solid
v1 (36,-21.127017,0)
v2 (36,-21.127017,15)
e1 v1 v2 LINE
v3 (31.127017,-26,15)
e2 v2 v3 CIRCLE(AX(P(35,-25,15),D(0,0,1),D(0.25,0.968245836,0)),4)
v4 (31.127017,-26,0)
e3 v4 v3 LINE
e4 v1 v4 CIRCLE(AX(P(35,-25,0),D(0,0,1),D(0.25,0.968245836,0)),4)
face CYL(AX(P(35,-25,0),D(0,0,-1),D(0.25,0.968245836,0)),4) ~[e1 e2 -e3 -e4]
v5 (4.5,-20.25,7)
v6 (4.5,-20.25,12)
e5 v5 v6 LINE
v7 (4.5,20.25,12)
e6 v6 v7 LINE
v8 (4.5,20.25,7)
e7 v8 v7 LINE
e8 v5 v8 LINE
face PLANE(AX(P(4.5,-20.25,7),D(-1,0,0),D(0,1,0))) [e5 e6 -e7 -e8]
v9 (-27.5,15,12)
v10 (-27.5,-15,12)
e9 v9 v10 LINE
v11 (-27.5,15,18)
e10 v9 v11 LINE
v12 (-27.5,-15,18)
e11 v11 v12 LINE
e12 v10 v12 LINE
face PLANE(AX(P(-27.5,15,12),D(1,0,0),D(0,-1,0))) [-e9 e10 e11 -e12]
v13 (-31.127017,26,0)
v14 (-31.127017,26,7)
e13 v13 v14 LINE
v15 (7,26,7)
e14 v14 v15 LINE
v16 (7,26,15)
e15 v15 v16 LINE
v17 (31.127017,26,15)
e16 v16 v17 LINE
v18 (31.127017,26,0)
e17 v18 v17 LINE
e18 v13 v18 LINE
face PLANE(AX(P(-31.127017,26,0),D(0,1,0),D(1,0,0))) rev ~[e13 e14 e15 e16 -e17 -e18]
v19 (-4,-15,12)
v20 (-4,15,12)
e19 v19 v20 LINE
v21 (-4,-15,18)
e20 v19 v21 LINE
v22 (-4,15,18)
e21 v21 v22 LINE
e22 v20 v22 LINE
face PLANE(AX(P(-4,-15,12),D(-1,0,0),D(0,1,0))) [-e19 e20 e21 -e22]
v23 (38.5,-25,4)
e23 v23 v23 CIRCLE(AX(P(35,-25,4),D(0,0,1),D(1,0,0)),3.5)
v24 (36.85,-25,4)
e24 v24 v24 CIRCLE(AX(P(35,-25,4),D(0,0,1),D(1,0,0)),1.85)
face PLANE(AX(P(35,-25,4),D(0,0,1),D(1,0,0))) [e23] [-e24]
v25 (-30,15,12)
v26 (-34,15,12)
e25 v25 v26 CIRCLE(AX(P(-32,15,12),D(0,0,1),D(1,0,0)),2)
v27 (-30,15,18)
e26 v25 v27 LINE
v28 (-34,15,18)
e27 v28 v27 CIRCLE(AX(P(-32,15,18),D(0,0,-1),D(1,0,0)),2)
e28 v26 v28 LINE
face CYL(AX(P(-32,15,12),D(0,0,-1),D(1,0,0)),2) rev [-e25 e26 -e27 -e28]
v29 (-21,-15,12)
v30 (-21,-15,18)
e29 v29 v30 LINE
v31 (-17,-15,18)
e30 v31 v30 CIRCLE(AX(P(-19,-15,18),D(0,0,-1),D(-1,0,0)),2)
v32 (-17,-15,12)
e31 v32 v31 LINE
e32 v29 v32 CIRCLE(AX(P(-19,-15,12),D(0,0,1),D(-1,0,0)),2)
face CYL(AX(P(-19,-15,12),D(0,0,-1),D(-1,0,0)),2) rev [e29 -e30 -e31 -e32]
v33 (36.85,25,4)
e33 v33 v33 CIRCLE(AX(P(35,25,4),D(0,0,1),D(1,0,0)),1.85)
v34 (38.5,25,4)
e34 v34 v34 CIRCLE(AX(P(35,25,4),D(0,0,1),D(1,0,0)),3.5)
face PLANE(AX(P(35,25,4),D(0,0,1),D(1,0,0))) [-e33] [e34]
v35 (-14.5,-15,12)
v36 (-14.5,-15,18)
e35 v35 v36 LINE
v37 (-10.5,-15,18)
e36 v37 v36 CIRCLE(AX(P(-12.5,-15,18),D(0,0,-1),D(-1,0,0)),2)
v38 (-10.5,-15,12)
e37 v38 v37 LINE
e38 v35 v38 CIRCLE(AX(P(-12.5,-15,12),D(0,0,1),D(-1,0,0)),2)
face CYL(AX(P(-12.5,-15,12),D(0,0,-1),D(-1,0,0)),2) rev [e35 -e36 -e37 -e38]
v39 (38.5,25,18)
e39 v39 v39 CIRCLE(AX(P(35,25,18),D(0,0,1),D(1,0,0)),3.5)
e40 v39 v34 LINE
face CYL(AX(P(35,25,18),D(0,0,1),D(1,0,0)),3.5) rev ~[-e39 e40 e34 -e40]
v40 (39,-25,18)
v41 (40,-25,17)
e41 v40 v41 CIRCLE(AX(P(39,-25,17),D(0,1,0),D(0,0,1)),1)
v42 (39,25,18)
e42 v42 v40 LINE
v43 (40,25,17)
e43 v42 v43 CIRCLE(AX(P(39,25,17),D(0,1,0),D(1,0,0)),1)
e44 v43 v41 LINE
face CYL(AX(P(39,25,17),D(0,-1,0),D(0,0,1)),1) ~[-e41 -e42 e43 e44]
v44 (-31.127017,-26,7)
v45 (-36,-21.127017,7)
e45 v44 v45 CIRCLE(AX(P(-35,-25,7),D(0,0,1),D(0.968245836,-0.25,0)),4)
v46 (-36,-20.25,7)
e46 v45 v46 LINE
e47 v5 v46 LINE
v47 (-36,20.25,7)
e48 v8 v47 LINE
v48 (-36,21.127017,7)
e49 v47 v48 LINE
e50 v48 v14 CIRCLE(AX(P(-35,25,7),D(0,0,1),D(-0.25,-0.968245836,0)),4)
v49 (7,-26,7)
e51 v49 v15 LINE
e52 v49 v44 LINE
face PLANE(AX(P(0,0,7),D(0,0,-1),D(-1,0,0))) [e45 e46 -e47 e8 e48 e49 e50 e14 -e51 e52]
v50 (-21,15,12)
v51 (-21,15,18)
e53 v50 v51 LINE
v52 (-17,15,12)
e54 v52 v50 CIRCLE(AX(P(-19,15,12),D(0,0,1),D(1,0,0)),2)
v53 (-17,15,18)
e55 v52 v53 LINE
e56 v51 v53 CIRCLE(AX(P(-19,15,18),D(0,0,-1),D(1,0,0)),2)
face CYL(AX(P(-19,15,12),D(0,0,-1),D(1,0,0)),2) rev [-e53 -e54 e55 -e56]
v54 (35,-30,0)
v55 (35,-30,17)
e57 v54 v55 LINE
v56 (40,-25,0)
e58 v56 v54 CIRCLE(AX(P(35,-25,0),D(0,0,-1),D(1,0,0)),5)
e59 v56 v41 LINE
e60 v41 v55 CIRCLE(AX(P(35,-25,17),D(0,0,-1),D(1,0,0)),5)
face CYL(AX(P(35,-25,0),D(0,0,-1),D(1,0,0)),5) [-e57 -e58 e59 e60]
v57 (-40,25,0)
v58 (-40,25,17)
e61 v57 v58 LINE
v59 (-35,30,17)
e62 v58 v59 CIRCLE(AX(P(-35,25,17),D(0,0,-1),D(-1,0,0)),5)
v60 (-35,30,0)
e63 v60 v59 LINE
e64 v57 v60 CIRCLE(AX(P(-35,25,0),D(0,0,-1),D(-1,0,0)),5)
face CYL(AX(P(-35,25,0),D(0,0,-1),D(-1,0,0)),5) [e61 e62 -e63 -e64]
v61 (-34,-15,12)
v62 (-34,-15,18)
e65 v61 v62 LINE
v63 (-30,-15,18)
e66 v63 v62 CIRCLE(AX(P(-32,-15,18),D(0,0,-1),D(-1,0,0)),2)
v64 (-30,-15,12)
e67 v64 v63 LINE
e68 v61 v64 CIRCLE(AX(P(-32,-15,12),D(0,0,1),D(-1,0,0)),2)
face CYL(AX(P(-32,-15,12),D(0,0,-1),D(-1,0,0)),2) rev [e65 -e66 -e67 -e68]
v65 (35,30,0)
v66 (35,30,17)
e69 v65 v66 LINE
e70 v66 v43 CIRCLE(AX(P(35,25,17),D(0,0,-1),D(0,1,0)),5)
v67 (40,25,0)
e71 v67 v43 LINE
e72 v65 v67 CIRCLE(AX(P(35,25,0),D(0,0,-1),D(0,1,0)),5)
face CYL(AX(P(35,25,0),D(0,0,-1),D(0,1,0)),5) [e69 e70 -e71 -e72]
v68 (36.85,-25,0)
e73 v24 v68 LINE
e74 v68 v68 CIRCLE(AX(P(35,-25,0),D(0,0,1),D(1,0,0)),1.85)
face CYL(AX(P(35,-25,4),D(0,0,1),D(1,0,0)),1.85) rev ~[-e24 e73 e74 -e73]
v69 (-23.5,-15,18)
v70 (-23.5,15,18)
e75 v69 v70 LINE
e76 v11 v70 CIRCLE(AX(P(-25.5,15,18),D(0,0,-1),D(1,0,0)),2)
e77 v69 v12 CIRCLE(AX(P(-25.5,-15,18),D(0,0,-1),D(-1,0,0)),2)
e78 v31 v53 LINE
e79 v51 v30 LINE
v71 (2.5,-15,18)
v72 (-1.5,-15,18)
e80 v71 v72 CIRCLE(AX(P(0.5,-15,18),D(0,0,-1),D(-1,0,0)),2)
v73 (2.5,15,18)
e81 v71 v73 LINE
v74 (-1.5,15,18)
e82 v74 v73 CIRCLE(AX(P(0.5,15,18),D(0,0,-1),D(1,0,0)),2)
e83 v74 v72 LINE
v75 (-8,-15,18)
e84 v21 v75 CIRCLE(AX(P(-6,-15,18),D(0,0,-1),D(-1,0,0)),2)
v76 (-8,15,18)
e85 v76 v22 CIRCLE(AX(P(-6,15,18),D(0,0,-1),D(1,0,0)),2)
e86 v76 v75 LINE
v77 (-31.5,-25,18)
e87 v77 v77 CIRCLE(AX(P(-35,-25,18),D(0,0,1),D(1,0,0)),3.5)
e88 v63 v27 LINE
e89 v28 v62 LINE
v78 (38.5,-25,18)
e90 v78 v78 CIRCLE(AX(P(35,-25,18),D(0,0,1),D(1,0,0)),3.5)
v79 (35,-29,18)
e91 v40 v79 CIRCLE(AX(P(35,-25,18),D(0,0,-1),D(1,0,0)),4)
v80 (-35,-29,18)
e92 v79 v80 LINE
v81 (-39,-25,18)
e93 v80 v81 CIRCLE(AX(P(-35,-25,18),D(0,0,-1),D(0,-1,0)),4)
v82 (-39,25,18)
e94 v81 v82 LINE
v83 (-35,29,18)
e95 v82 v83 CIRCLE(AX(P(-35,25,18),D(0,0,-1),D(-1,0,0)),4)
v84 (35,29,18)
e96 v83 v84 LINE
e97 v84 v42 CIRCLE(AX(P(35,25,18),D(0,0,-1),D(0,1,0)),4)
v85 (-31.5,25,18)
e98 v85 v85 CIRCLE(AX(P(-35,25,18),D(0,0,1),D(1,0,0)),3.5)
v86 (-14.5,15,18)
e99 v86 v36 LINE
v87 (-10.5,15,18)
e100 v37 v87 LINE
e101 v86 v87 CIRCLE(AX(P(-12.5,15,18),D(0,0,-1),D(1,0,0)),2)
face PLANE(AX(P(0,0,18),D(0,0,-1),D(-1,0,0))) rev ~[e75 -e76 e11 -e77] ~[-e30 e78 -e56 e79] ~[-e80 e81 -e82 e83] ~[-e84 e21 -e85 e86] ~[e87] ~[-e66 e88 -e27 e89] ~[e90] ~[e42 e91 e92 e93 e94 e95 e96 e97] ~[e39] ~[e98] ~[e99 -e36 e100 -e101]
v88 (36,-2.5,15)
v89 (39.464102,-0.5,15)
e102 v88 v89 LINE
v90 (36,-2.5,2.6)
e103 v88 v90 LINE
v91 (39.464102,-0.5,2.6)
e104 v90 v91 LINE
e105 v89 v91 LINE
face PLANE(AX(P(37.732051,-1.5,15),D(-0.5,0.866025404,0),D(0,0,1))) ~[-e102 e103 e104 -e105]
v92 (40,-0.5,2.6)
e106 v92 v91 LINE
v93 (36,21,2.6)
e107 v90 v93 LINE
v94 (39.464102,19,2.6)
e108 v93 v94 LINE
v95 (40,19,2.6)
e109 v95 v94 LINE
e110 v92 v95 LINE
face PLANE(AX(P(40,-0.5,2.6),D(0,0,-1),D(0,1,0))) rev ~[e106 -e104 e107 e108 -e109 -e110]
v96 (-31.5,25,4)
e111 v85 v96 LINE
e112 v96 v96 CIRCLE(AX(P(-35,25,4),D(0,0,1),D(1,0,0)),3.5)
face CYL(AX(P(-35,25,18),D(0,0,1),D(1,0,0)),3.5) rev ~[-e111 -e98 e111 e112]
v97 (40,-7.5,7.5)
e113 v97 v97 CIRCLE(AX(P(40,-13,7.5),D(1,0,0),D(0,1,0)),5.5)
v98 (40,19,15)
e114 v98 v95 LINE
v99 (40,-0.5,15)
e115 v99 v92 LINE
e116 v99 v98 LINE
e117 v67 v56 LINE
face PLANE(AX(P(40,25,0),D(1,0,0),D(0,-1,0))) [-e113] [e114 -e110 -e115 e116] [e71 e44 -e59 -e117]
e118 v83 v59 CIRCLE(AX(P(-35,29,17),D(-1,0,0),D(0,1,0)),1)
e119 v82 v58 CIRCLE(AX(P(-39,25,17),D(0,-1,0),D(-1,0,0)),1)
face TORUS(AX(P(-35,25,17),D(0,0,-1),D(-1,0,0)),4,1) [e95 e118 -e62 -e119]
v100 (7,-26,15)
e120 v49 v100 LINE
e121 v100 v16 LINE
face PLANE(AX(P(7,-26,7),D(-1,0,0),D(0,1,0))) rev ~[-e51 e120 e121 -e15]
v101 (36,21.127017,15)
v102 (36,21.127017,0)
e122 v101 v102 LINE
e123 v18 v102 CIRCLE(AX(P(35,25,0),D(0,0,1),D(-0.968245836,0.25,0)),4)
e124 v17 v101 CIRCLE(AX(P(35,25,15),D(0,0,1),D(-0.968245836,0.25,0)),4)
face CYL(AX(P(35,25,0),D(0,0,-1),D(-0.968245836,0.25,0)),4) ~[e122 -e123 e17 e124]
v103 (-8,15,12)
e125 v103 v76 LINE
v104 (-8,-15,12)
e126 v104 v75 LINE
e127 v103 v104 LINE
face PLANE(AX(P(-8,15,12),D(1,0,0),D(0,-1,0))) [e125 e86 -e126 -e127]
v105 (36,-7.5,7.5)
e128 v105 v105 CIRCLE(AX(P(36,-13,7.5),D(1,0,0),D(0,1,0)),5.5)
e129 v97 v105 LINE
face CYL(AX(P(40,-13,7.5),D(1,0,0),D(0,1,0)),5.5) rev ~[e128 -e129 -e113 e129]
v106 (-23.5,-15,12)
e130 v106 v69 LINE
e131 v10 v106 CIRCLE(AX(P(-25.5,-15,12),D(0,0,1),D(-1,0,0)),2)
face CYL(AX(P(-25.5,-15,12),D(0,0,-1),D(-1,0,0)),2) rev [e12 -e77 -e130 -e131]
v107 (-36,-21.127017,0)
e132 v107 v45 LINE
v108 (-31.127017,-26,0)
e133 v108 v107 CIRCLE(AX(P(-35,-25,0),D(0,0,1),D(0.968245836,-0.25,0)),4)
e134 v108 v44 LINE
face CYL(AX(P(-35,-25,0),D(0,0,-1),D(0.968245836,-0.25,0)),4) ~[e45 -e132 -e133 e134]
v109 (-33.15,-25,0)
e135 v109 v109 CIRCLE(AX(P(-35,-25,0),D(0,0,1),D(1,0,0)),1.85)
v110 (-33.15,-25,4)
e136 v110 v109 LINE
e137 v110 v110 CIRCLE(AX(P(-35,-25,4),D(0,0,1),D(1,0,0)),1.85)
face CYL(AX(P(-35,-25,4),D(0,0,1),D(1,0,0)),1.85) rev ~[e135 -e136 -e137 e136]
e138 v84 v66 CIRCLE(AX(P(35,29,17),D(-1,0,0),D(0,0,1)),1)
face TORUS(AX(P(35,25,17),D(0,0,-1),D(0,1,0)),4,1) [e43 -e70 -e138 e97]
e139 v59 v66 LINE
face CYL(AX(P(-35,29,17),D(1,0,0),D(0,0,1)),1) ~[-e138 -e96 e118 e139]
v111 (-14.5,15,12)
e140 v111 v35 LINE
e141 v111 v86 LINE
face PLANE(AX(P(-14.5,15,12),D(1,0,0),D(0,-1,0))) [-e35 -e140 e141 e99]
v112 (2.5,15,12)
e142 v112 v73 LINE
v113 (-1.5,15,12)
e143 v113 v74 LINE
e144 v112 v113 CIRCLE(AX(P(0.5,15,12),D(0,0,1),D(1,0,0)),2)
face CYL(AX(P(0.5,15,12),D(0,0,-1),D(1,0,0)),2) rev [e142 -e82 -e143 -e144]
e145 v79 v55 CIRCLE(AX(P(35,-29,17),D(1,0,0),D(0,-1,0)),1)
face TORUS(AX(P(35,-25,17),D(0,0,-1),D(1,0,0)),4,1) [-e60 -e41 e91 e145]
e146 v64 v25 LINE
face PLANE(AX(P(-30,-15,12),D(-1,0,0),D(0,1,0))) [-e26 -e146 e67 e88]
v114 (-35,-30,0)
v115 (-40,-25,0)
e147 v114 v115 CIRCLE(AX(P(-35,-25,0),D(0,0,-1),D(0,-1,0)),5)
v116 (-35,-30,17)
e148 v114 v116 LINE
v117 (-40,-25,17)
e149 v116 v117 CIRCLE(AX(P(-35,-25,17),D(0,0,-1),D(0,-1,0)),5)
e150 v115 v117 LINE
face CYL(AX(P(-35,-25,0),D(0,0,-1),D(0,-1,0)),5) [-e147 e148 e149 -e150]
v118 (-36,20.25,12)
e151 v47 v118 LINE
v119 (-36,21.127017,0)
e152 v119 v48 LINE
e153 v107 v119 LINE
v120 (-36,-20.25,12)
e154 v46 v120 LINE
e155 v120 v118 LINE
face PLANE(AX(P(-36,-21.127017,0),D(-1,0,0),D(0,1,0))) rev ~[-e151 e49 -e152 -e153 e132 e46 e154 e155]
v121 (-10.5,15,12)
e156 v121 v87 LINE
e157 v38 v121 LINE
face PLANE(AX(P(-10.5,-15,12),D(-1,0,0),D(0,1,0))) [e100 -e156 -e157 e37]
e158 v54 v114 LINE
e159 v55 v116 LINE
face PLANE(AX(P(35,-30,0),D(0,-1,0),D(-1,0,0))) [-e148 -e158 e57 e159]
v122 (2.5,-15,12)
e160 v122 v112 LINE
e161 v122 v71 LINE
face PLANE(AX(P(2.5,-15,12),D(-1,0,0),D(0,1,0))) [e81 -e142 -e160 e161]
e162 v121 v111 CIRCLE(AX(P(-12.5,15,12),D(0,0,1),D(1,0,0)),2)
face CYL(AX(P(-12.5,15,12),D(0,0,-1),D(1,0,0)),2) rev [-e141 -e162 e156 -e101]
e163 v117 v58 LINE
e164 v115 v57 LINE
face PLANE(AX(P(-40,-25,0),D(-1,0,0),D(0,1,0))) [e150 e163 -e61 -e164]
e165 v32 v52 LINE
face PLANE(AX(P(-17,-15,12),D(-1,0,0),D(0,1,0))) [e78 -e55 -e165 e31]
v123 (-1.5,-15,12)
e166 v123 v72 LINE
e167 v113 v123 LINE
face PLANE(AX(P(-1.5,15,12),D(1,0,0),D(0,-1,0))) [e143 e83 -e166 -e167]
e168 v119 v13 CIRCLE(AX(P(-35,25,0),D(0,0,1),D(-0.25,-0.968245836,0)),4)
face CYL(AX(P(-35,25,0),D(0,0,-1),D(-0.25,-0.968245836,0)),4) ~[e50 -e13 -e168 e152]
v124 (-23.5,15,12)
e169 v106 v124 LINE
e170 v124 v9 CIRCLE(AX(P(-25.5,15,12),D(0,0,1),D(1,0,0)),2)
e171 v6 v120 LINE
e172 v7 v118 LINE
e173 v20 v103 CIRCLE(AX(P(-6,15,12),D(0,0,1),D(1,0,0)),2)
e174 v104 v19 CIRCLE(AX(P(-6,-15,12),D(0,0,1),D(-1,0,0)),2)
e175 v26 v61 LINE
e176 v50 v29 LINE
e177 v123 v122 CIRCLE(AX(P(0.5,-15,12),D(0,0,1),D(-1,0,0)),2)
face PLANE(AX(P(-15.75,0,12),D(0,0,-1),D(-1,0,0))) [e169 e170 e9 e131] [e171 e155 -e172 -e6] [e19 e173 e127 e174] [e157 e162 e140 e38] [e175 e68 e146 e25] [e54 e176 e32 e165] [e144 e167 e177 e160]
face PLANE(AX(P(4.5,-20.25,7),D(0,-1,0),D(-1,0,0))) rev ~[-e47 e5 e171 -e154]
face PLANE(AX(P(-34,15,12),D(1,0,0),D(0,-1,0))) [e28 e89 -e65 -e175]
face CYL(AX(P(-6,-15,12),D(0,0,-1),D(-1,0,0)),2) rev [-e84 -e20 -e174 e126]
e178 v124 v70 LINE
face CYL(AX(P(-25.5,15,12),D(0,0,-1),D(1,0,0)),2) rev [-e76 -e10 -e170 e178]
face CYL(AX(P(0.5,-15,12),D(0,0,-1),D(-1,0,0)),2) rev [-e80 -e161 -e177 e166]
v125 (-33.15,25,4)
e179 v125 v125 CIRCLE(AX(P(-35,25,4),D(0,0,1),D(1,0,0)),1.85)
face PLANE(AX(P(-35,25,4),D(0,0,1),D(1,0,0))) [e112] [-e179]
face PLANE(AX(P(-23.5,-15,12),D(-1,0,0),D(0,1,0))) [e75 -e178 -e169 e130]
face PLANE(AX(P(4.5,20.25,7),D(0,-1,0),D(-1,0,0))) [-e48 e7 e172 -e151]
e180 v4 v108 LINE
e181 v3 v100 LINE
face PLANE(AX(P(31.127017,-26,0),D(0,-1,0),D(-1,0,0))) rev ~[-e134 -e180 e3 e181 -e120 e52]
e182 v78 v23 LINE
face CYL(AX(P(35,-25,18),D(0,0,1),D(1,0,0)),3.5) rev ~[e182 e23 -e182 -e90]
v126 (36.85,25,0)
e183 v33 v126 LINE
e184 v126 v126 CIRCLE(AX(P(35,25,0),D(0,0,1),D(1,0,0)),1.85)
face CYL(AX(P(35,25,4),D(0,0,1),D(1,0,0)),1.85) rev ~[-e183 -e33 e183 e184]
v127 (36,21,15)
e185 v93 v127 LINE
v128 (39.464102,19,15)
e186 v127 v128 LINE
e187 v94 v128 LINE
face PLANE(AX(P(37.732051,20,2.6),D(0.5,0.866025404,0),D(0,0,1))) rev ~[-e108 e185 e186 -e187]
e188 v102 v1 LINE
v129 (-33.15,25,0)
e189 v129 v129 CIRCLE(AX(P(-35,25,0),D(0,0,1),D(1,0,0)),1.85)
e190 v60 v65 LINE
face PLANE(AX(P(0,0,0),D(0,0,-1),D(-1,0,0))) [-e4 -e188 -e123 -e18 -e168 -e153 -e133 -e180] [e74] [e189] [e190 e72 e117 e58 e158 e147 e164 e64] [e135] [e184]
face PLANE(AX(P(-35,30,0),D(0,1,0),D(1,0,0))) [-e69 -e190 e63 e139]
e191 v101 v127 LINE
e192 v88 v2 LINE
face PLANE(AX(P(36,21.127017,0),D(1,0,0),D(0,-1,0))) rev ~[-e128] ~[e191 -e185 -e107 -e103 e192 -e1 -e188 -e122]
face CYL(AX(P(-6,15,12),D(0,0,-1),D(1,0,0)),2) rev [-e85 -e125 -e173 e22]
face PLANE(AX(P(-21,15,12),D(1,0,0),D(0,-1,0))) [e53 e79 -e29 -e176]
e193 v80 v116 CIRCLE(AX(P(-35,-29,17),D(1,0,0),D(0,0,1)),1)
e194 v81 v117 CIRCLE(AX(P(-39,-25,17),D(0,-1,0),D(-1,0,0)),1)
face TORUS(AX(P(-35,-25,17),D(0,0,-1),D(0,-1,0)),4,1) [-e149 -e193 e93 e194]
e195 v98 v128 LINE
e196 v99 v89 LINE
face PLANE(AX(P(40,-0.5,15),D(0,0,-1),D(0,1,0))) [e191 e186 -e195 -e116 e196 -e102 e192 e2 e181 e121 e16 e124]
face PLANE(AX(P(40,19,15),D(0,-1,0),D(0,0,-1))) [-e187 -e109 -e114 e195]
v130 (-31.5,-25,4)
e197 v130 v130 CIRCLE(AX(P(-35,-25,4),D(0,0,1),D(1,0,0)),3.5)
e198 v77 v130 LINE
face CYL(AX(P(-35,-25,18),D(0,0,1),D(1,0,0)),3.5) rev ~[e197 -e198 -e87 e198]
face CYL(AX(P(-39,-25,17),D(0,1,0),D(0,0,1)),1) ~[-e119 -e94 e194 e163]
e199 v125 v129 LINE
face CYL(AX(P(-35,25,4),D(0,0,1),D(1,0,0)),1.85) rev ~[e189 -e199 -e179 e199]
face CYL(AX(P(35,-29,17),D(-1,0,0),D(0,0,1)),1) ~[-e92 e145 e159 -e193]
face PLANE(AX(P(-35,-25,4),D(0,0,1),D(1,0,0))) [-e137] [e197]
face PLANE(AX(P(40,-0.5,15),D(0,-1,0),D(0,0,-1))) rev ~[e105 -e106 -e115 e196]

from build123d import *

# Parameters (mm, degrees)
BOSS_EXTRUDE1_DEPTH = 18
CUT_EXTRUDE1_DEPTH  = 7
SKETCH3_R           = 5.5
SKETCH3_W           = 12.4
SKETCH3_H           = 19.5
CUT_EXTRUDE2_DEPTH  = 22
CUT_EXTRUDE3_DEPTH  = 8
FILLET1_R           = 1
SKETCH7_W           = 40.5
SKETCH7_H           = 40.5
CUT_EXTRUDE5_DEPTH  = 5
CUT_EXTRUDE7_DEPTH  = 52.419840529
SKETCH10_R          = 3.5
CUT_EXTRUDE8_DEPTH  = 14
SKETCH11_R          = 1.85
CUT_EXTRUDE9_DEPTH  = 52.923019943
CHAMFER1_SIZE       = 2
CHAMFER1_SIZE2      = 3.464101615


with BuildPart() as part:
    # Sketch1 → Boss-Extrude1 (new body)
    with BuildSketch(Plane.XY):
        with BuildLine():
            Line((-35, 30), (35, 30))
            ThreePointArc((35, 30), (38.535533906, 28.535533906), (40, 25))
            Line((40, 25), (40, -25))
            ThreePointArc((40, -25), (38.535533906, -28.535533906), (35, -30))
            Line((35, -30), (-35, -30))
            ThreePointArc((-35, -30), (-38.535533906, -28.535533906), (-40, -25))
            Line((-40, -25), (-40, 25))
            ThreePointArc((-40, 25), (-38.535533906, 28.535533906), (-35, 30))
        make_face()
    extrude(amount=BOSS_EXTRUDE1_DEPTH)

    # Sketch2 → Cut-Extrude1 (cut)
    with BuildSketch(Plane(origin=(0, 0, 0), x_dir=(-1, 0, 0), z_dir=(0, 0, -1))):
        with BuildLine():
            Line((-36, 21.127016654), (-36, -21.127016654))
            ThreePointArc((-36, -21.127016654), (-32.171572875, -22.171572875), (-31.127016654, -26))
            Line((-31.127016654, -26), (31.127016654, -26))
            ThreePointArc((31.127016654, -26), (32.171572875, -22.171572875), (36, -21.127016654))
            Line((36, -21.127016654), (36, 21.127016654))
            ThreePointArc((36, 21.127016654), (32.171572875, 22.171572875), (31.127016654, 26))
            Line((31.127016654, 26), (-31.127016654, 26))
            ThreePointArc((-31.127016654, 26), (-32.171572875, 22.171572875), (-36, 21.127016654))
        make_face()
    extrude(amount=-CUT_EXTRUDE1_DEPTH, mode=Mode.SUBTRACT)

    # Sketch3 → Cut-Extrude2 (cut)
    with BuildSketch(Plane(origin=(40, 0, 0), x_dir=(0, 0, -1), z_dir=(1, 0, 0))):
        with Locations(Location((-7.5, -13, 0), (0, 0, 90))):
            Circle(SKETCH3_R)
        with Locations((-8.8, 9.25)):
            Rectangle(SKETCH3_W, SKETCH3_H)
    extrude(amount=-CUT_EXTRUDE2_DEPTH, mode=Mode.SUBTRACT)

    # Sketch4 → Cut-Extrude3 (cut)
    with BuildSketch(Plane(origin=(0, 0, 7), x_dir=(-1, 0, 0), z_dir=(0, 0, -1))):
        with BuildLine():
            Line((-31.127016654, -26), (-7, -26))
            Line((-7, -26), (-7, 26))
            Line((-7, 26), (-31.127016654, 26))
            ThreePointArc((-31.127016654, 26), (-32.171572875, 22.171572875), (-36, 21.127016654))
            Line((-36, 21.127016654), (-36, -21.127016654))
            ThreePointArc((-36, -21.127016654), (-32.171572875, -22.171572875), (-31.127016654, -26))
        make_face()
    extrude(amount=-CUT_EXTRUDE3_DEPTH, mode=Mode.SUBTRACT)

    # Fillet1
    fillet1_edges = [part.edges().sort_by_distance(p)[0] for p in [
        (-38.535533906, 28.535533906, 18),
        (-40, 0, 18),
        (-38.535533906, -28.535533906, 18),
        (0, -30, 18),
        (38.535533906, -28.535533906, 18),
        (40, 0, 18),
        (38.535533906, 28.535533906, 18),
        (0, 30, 18),
    ]]
    fillet(fillet1_edges, radius=FILLET1_R)

    # Sketch7 → Cut-Extrude5 (cut)
    with BuildSketch(Plane(origin=(0, 0, 7), x_dir=(-1, 0, 0), z_dir=(0, 0, -1))):
        with Locations((15.75, 0)):
            Rectangle(SKETCH7_W, SKETCH7_H)
    extrude(amount=-CUT_EXTRUDE5_DEPTH, mode=Mode.SUBTRACT)

    # Sketch9 → Cut-Extrude7 (cut, through all)
    with BuildSketch(Plane(origin=(0, 0, 12), x_dir=(-1, 0, 0), z_dir=(0, 0, -1))):
        with BuildLine():
            Line((1.5, 15), (1.5, -15))
            ThreePointArc((1.5, -15), (-0.5, -17), (-2.5, -15))
            Line((-2.5, -15), (-2.5, 15))
            ThreePointArc((-2.5, 15), (-0.5, 17), (1.5, 15))
        make_face()
        with BuildLine():
            Line((8, 15), (8, -15))
            ThreePointArc((8, -15), (6, -17), (4, -15))
            Line((4, -15), (4, 15))
            ThreePointArc((4, 15), (6, 17), (8, 15))
        make_face()
        with BuildLine():
            Line((14.5, 15), (14.5, -15))
            ThreePointArc((14.5, -15), (12.5, -17), (10.5, -15))
            Line((10.5, -15), (10.5, 15))
            ThreePointArc((10.5, 15), (12.5, 17), (14.5, 15))
        make_face()
        with BuildLine():
            Line((21, 15), (21, -15))
            ThreePointArc((21, -15), (19, -17), (17, -15))
            Line((17, -15), (17, 15))
            ThreePointArc((17, 15), (19, 17), (21, 15))
        make_face()
        with BuildLine():
            Line((27.5, 15), (27.5, -15))
            ThreePointArc((27.5, -15), (25.5, -17), (23.5, -15))
            Line((23.5, -15), (23.5, 15))
            ThreePointArc((23.5, 15), (25.5, 17), (27.5, 15))
        make_face()
        with BuildLine():
            Line((34, 15), (34, -15))
            ThreePointArc((34, -15), (32, -17), (30, -15))
            Line((30, -15), (30, 15))
            ThreePointArc((30, 15), (32, 17), (34, 15))
        make_face()
    extrude(amount=-CUT_EXTRUDE7_DEPTH, mode=Mode.SUBTRACT)

    # Sketch10 → Cut-Extrude8 (cut)
    with BuildSketch(Plane.XY.offset(18)):
        with Locations((-35, 25)):
            Circle(SKETCH10_R)
        with Locations((-35, -25)):
            Circle(SKETCH10_R)
        with Locations((35, -25)):
            Circle(SKETCH10_R)
        with Locations((35, 25)):
            Circle(SKETCH10_R)
    extrude(amount=-CUT_EXTRUDE8_DEPTH, mode=Mode.SUBTRACT)

    # Sketch11 → Cut-Extrude9 (cut, through all)
    with BuildSketch(Plane.XY.offset(4)):
        with Locations((35, -25)):
            Circle(SKETCH11_R)
        with Locations((35, 25)):
            Circle(SKETCH11_R)
        with Locations((-35, 25)):
            Circle(SKETCH11_R)
        with Locations((-35, -25)):
            Circle(SKETCH11_R)
    extrude(amount=-CUT_EXTRUDE9_DEPTH, mode=Mode.SUBTRACT)

    # Chamfer1
    chamfer1_edges = [part.edges().sort_by_distance(p)[0] for p in [
        (36, -0.5, 8.8),
        (36, 19, 8.8),
    ]]
    chamfer1_side = [part.faces().sort_by_distance(p)[0] for p in [
        (36, -3.371364126, 6.44153534),
    ]]
    chamfer(chamfer1_edges, length=CHAMFER1_SIZE, length2=CHAMFER1_SIZE2, reference=chamfer1_side[0])


solid = part.part
